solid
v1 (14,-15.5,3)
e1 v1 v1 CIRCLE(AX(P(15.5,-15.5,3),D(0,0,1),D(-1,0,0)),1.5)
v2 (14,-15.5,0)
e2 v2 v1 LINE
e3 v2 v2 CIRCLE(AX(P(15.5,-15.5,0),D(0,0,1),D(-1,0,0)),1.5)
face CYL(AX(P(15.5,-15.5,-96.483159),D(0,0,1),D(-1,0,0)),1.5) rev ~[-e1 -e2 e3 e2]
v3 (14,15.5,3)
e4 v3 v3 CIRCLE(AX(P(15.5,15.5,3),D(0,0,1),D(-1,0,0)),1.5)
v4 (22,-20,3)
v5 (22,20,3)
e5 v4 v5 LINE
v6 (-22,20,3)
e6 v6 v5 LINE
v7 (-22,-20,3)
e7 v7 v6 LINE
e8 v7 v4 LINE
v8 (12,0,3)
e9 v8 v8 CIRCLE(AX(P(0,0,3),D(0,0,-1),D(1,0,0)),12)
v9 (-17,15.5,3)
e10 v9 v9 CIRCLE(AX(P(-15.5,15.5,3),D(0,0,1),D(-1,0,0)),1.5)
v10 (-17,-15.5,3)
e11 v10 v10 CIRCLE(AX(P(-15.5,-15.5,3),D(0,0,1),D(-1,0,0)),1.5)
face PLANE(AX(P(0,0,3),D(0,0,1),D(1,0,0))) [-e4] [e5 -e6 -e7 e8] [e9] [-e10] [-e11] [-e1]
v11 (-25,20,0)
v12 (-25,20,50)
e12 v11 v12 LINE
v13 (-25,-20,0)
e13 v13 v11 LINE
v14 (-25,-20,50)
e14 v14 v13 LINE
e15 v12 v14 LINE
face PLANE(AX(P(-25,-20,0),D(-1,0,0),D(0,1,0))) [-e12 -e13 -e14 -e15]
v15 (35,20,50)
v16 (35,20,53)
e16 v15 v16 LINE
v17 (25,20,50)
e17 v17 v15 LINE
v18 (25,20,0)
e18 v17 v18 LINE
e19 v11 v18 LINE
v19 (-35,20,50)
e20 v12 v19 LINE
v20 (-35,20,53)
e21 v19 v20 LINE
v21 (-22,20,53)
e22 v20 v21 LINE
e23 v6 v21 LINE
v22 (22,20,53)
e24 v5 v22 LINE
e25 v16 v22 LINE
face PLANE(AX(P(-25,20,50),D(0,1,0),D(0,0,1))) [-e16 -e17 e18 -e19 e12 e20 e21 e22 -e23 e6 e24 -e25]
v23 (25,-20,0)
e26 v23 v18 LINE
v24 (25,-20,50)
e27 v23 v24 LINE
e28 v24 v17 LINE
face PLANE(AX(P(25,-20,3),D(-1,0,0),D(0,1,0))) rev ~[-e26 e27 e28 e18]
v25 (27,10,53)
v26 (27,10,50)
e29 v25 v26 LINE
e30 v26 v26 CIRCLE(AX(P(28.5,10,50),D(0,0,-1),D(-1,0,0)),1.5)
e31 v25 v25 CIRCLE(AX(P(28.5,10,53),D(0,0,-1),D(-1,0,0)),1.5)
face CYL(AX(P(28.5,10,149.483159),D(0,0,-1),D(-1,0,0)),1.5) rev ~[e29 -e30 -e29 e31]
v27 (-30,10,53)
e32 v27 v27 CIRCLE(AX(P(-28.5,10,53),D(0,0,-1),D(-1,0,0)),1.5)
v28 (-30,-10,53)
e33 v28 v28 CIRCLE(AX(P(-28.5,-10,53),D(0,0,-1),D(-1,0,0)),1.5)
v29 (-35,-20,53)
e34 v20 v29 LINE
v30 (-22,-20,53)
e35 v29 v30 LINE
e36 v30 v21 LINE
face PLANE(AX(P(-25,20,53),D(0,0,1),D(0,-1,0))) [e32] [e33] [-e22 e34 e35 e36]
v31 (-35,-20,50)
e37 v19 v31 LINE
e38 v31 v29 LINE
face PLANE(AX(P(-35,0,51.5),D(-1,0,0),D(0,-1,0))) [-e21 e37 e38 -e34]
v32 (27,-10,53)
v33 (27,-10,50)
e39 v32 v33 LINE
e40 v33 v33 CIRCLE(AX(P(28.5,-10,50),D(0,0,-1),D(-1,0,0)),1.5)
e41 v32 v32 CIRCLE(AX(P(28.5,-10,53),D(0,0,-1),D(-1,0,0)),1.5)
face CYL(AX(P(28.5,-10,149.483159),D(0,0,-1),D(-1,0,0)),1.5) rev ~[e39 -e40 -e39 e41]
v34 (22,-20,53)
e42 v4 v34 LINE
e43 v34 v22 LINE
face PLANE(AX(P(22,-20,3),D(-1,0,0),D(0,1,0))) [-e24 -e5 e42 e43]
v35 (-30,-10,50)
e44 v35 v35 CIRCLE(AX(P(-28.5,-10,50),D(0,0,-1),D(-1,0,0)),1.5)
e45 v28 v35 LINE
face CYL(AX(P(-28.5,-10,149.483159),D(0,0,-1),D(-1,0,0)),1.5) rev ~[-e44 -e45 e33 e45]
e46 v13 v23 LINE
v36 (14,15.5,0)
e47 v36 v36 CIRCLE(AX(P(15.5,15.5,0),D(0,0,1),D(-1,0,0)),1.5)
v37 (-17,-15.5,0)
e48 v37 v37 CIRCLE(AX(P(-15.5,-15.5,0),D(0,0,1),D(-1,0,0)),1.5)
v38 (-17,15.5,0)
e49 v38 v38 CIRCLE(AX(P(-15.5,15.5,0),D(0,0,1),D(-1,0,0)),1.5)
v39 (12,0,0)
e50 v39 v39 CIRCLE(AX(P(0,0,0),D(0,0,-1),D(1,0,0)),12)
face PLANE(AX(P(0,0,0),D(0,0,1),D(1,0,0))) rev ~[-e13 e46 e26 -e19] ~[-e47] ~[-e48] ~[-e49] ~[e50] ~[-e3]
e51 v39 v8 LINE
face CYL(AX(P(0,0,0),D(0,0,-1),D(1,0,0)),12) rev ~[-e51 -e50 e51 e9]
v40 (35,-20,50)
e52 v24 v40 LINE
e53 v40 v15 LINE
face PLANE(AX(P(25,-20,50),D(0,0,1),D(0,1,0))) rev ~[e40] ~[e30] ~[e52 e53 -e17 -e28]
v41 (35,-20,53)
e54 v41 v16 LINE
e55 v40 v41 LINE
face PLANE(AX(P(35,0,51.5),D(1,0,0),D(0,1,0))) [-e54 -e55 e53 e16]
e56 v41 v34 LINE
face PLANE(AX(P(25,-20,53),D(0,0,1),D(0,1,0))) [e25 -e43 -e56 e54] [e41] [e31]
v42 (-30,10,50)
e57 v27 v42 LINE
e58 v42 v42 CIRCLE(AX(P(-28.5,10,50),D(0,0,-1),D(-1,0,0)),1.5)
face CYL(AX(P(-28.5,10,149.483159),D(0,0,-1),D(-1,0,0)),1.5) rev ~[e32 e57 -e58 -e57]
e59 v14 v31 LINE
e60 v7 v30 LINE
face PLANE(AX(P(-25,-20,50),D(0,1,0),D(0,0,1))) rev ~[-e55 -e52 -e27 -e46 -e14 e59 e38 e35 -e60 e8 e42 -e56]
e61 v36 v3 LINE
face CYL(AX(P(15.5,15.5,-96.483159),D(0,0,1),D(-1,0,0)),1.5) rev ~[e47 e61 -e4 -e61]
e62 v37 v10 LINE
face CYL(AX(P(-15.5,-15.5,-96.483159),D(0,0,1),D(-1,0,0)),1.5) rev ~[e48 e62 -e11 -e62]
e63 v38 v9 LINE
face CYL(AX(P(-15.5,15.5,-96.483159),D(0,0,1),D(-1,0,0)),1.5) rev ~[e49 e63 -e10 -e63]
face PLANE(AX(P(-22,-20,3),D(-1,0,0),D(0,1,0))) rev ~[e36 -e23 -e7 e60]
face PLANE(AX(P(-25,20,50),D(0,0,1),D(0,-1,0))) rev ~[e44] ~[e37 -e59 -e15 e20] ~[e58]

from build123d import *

# Parameters (mm, degrees)
F0_W      = 50
F0_H      = 40
F1_DEPTH  = 3
F2_W      = 3
F2_H      = 40
F3_DEPTH  = 50
F4_W      = 40
F4_H      = 3
F5_DEPTH  = 10
F6_W      = 40
F6_H      = 3
F7_DEPTH  = 10
F9_D      = 3
F8_R      = 12
F10_DEPTH = 25
F12_D     = 3
F14_D     = 3


with BuildPart() as f1:
    # F0 (on Top) → F1 (new body)
    with BuildSketch(Plane.XY):
        Rectangle(F0_W, F0_H)
    extrude(amount=F1_DEPTH)

    # F2 (on face) → F3 (join)
    with BuildSketch(Plane.XY.offset(3)):
        with Locations((23.5, 0)):
            Rectangle(F2_W, F2_H)
        with Locations((-23.5, 0)):
            Rectangle(F2_W, F2_H)
    extrude(amount=F3_DEPTH)

    # F4 (on face) → F5 (join)
    with BuildSketch(Plane.YZ.offset(25)):
        with Locations((0, 51.5)):
            Rectangle(F4_W, F4_H)
    extrude(amount=F5_DEPTH)

    # F6 (on face) → F7 (join)
    with BuildSketch(Plane(origin=(-25, 0, 0), x_dir=(0, -1, 0), z_dir=(-1, 0, 0))):
        with Locations((0, 51.5)):
            Rectangle(F6_W, F6_H)
    extrude(amount=F7_DEPTH)

    # F9 (through all)
    with Locations(Plane(origin=(0, 0, 0), x_dir=(1, 0, 0), z_dir=(0, 0, -1))):
        with Locations((-15.5, 15.5), (15.5, 15.5), (15.5, -15.5), (-15.5, -15.5)):
            Hole(F9_D / 2)

    # F8 (on face) → F10 (cut)
    with BuildSketch(Plane(origin=(0, 0, 0), x_dir=(1, 0, 0), z_dir=(0, 0, -1))):
        Circle(F8_R)
    extrude(amount=-F10_DEPTH, mode=Mode.SUBTRACT)

    # F12 (through all)
    with Locations(Plane.XY.offset(53)):
        with Locations((-28.5, -10), (-28.5, 10)):
            Hole(F12_D / 2)

    # F14 (through all)
    with Locations(Plane.XY.offset(53)):
        with Locations((28.5, 10), (28.5, -10)):
            Hole(F14_D / 2)


solid = f1.part
